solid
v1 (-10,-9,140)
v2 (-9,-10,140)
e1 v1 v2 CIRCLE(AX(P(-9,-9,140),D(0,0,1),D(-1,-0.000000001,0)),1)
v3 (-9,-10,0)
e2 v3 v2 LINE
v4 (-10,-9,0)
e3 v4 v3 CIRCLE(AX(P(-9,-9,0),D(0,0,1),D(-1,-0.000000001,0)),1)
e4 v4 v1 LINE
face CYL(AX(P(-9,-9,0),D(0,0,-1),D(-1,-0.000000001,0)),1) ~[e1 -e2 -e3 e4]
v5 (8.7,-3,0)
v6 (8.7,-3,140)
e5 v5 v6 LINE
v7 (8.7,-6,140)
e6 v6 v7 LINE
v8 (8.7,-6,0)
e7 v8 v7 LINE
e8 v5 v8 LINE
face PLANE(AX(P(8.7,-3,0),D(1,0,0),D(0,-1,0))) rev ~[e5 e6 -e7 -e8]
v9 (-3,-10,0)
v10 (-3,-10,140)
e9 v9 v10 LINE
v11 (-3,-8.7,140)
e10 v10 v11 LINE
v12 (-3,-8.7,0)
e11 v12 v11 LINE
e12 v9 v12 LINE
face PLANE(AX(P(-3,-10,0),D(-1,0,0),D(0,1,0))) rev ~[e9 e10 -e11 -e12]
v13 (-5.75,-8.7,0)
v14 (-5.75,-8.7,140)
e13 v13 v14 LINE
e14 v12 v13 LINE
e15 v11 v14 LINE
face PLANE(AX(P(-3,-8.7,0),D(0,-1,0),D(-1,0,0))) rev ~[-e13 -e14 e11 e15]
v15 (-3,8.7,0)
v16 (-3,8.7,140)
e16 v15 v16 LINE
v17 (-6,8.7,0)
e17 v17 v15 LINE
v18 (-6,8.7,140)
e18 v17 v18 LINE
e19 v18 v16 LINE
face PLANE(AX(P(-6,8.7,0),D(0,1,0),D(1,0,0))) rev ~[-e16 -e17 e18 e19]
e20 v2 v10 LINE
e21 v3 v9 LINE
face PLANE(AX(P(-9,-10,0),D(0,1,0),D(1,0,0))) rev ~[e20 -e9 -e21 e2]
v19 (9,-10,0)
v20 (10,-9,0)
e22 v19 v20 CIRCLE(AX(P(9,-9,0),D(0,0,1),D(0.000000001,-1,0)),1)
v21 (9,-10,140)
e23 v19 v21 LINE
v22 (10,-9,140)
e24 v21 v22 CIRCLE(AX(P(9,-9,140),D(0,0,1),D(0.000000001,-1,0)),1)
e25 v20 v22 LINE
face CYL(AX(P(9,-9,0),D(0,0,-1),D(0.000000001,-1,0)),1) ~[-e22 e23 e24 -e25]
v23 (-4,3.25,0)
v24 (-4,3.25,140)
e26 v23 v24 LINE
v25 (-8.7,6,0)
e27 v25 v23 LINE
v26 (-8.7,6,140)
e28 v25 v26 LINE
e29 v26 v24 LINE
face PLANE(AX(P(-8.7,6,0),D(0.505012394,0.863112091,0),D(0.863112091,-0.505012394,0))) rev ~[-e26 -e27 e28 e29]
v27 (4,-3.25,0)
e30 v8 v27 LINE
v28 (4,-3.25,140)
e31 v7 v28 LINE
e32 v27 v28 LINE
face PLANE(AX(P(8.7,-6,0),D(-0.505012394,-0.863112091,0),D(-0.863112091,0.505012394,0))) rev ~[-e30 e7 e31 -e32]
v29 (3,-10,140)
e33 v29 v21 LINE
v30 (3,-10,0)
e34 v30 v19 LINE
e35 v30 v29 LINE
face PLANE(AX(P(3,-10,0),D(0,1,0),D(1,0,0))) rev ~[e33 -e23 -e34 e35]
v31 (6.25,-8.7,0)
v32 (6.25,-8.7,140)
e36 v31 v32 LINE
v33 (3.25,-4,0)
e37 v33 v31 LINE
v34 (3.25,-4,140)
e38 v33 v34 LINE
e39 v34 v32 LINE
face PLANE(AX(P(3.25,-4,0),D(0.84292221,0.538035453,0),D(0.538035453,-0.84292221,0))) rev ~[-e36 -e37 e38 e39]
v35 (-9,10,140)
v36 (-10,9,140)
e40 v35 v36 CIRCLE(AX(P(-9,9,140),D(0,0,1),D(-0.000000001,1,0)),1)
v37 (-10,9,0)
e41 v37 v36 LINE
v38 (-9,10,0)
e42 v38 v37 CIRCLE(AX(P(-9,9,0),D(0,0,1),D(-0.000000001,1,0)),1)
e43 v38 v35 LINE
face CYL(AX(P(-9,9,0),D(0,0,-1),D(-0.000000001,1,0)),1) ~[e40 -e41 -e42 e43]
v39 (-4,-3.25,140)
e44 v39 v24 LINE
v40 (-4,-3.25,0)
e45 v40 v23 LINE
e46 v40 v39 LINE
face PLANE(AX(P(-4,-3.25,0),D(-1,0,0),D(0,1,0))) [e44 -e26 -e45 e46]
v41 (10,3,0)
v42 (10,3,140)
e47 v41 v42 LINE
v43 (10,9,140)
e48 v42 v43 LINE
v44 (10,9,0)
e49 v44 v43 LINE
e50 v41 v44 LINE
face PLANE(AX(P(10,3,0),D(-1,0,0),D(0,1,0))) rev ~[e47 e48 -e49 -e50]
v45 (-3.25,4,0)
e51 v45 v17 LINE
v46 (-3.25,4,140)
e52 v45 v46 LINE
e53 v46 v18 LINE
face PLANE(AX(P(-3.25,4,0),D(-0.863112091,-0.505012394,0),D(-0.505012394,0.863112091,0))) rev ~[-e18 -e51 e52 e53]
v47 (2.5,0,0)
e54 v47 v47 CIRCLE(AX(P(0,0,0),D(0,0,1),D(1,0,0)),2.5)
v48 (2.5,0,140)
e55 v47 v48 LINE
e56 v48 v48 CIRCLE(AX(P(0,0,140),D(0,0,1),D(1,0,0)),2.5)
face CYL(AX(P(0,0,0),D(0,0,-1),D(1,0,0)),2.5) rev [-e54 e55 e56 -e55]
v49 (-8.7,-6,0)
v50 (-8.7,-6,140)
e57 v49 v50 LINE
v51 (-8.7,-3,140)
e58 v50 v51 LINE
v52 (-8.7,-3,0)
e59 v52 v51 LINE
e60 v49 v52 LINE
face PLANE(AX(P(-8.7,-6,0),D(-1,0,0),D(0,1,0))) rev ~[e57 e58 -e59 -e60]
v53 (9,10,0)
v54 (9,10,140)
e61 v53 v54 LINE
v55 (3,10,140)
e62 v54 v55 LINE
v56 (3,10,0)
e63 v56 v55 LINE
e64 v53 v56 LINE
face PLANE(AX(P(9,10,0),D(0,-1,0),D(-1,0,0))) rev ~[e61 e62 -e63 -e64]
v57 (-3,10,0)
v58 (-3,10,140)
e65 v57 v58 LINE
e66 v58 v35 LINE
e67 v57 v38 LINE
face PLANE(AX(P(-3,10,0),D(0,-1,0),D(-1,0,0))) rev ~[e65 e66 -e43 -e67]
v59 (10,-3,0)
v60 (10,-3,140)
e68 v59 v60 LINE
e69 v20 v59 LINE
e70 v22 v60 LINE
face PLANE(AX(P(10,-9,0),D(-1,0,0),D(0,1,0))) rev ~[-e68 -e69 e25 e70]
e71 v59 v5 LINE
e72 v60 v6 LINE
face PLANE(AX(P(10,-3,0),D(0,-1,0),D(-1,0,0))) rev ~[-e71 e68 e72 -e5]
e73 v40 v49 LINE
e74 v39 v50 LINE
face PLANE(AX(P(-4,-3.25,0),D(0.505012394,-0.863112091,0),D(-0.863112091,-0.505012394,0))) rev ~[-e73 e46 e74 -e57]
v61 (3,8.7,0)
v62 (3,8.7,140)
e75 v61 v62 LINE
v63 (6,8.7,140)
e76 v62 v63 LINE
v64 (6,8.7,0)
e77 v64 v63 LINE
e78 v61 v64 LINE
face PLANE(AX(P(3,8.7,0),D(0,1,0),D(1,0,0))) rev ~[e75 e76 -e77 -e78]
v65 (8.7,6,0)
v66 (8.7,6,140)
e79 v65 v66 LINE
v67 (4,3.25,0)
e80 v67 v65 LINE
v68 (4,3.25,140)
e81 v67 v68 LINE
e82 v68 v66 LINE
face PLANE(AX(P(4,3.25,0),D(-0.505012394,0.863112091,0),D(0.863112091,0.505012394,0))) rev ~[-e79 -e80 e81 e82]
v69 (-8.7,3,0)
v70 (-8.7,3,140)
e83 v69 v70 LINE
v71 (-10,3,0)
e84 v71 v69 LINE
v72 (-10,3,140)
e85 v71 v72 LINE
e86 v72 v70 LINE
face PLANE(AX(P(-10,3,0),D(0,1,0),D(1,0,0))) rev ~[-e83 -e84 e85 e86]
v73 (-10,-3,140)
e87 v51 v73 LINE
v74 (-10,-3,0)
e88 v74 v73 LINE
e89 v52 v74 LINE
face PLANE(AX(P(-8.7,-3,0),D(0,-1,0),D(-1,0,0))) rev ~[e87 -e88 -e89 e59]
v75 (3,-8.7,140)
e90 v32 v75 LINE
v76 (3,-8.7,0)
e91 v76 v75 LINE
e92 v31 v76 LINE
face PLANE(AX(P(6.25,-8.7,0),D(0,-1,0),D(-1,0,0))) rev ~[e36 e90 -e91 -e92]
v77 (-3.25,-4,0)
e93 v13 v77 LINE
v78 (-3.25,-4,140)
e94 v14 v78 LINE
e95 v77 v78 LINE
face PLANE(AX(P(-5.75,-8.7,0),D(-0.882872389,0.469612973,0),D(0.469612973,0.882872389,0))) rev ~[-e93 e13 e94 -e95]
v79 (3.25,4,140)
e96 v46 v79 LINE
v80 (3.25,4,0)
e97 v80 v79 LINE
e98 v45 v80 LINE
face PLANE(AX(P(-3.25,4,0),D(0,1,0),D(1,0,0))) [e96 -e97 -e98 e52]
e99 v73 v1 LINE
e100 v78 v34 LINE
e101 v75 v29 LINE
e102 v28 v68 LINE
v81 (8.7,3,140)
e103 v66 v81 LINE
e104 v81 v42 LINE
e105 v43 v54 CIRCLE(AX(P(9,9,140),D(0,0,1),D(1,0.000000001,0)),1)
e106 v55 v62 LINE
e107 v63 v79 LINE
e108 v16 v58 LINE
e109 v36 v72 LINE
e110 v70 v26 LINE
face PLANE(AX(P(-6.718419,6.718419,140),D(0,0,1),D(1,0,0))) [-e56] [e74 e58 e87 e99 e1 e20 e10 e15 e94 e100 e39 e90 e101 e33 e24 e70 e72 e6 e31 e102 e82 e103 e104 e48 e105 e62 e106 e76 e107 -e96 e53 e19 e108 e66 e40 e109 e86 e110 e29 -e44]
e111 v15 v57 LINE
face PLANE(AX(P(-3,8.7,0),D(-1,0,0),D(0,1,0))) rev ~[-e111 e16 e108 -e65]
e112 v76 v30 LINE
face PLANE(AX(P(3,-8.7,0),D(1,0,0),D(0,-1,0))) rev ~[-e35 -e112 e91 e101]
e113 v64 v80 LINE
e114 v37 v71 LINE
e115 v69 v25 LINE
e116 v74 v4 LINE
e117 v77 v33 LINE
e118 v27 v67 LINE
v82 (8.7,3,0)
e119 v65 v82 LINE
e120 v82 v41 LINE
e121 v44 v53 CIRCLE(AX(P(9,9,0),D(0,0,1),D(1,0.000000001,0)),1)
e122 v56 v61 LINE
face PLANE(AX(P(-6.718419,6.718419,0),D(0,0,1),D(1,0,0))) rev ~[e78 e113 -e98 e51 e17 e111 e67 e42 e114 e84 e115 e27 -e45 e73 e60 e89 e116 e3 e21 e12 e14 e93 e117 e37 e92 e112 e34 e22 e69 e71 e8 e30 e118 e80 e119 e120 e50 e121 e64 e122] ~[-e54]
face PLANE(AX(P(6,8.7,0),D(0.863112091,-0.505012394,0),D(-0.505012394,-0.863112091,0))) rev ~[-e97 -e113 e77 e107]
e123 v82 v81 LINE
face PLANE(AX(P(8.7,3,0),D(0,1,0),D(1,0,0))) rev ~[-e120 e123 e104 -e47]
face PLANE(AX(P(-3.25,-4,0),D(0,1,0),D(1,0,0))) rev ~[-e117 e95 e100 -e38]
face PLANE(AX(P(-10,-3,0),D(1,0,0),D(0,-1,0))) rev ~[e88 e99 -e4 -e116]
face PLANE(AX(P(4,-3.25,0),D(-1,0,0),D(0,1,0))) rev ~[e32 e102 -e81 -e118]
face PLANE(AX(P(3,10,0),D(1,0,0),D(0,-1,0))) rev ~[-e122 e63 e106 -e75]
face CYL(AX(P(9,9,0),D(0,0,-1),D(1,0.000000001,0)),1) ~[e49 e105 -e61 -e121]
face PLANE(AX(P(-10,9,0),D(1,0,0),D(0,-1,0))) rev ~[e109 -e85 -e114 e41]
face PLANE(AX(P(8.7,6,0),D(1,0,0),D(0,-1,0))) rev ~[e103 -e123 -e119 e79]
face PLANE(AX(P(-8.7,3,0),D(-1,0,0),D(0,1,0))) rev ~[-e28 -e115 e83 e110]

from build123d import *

# Parameters (mm, degrees)
CROQUIS1_W              = 8
CROQUIS1_H              = 8
CROQUIS1_R              = 2.5
SALIENTE_EXTRUIR4_DEPTH = 140


with BuildPart() as part:
    # Croquis1 → Saliente-Extruir4 (new body)
    with BuildSketch(Plane.XY):
        with BuildLine():
            Line((-3, 8.7), (-3, 10))
            Line((-3, 10), (-9, 10))
            ThreePointArc((-9, 10), (-9.707106781, 9.707106781), (-10, 9))
            Line((-10, 9), (-10, 3))
            Line((-10, 3), (-8.7, 3))
            Line((-8.7, 3), (-8.7, 6))
            Line((-8.7, 6), (-4, 3.25))
            Line((-4, 3.25), (-4, 4))
            Line((-4, 4), (-3.25, 4))
            Line((-3.25, 4), (-6, 8.7))
            Line((-6, 8.7), (-3, 8.7))
        make_face()
        with BuildLine():
            Line((9, 10), (3, 10))
            Line((3, 10), (3, 8.7))
            Line((3, 8.7), (6, 8.7))
            Line((6, 8.7), (3.25, 4))
            Line((3.25, 4), (4, 4))
            Line((4, 4), (4, 3.25))
            Line((4, 3.25), (8.7, 6))
            Line((8.7, 6), (8.7, 3))
            Line((8.7, 3), (10, 3))
            Line((10, 3), (10, 9))
            ThreePointArc((10, 9), (9.707106781, 9.707106781), (9, 10))
        make_face()
        with BuildLine():
            Line((10, -9), (10, -3))
            Line((10, -3), (8.7, -3))
            Line((8.7, -3), (8.7, -6))
            Line((8.7, -6), (4, -3.25))
            Line((4, -3.25), (4, -4))
            Line((4, -4), (3.25, -4))
            Line((3.25, -4), (6.25, -8.7))
            Line((6.25, -8.7), (3, -8.7))
            Line((3, -8.7), (3, -10))
            Line((3, -10), (9, -10))
            ThreePointArc((9, -10), (9.707106781, -9.707106781), (10, -9))
        make_face()
        with BuildLine():
            Line((-8.7, -3), (-10, -3))
            Line((-10, -3), (-10, -9))
            ThreePointArc((-10, -9), (-9.707106781, -9.707106781), (-9, -10))
            Line((-9, -10), (-3, -10))
            Line((-3, -10), (-3, -8.7))
            Line((-3, -8.7), (-5.75, -8.7))
            Line((-5.75, -8.7), (-3.25, -4))
            Line((-3.25, -4), (-4, -4))
            Line((-4, -4), (-4, -3.25))
            Line((-4, -3.25), (-8.7, -6))
            Line((-8.7, -6), (-8.7, -3))
        make_face()
        Rectangle(CROQUIS1_W, CROQUIS1_H)
        Circle(CROQUIS1_R, mode=Mode.SUBTRACT)
    extrude(amount=SALIENTE_EXTRUIR4_DEPTH)


solid = part.part
